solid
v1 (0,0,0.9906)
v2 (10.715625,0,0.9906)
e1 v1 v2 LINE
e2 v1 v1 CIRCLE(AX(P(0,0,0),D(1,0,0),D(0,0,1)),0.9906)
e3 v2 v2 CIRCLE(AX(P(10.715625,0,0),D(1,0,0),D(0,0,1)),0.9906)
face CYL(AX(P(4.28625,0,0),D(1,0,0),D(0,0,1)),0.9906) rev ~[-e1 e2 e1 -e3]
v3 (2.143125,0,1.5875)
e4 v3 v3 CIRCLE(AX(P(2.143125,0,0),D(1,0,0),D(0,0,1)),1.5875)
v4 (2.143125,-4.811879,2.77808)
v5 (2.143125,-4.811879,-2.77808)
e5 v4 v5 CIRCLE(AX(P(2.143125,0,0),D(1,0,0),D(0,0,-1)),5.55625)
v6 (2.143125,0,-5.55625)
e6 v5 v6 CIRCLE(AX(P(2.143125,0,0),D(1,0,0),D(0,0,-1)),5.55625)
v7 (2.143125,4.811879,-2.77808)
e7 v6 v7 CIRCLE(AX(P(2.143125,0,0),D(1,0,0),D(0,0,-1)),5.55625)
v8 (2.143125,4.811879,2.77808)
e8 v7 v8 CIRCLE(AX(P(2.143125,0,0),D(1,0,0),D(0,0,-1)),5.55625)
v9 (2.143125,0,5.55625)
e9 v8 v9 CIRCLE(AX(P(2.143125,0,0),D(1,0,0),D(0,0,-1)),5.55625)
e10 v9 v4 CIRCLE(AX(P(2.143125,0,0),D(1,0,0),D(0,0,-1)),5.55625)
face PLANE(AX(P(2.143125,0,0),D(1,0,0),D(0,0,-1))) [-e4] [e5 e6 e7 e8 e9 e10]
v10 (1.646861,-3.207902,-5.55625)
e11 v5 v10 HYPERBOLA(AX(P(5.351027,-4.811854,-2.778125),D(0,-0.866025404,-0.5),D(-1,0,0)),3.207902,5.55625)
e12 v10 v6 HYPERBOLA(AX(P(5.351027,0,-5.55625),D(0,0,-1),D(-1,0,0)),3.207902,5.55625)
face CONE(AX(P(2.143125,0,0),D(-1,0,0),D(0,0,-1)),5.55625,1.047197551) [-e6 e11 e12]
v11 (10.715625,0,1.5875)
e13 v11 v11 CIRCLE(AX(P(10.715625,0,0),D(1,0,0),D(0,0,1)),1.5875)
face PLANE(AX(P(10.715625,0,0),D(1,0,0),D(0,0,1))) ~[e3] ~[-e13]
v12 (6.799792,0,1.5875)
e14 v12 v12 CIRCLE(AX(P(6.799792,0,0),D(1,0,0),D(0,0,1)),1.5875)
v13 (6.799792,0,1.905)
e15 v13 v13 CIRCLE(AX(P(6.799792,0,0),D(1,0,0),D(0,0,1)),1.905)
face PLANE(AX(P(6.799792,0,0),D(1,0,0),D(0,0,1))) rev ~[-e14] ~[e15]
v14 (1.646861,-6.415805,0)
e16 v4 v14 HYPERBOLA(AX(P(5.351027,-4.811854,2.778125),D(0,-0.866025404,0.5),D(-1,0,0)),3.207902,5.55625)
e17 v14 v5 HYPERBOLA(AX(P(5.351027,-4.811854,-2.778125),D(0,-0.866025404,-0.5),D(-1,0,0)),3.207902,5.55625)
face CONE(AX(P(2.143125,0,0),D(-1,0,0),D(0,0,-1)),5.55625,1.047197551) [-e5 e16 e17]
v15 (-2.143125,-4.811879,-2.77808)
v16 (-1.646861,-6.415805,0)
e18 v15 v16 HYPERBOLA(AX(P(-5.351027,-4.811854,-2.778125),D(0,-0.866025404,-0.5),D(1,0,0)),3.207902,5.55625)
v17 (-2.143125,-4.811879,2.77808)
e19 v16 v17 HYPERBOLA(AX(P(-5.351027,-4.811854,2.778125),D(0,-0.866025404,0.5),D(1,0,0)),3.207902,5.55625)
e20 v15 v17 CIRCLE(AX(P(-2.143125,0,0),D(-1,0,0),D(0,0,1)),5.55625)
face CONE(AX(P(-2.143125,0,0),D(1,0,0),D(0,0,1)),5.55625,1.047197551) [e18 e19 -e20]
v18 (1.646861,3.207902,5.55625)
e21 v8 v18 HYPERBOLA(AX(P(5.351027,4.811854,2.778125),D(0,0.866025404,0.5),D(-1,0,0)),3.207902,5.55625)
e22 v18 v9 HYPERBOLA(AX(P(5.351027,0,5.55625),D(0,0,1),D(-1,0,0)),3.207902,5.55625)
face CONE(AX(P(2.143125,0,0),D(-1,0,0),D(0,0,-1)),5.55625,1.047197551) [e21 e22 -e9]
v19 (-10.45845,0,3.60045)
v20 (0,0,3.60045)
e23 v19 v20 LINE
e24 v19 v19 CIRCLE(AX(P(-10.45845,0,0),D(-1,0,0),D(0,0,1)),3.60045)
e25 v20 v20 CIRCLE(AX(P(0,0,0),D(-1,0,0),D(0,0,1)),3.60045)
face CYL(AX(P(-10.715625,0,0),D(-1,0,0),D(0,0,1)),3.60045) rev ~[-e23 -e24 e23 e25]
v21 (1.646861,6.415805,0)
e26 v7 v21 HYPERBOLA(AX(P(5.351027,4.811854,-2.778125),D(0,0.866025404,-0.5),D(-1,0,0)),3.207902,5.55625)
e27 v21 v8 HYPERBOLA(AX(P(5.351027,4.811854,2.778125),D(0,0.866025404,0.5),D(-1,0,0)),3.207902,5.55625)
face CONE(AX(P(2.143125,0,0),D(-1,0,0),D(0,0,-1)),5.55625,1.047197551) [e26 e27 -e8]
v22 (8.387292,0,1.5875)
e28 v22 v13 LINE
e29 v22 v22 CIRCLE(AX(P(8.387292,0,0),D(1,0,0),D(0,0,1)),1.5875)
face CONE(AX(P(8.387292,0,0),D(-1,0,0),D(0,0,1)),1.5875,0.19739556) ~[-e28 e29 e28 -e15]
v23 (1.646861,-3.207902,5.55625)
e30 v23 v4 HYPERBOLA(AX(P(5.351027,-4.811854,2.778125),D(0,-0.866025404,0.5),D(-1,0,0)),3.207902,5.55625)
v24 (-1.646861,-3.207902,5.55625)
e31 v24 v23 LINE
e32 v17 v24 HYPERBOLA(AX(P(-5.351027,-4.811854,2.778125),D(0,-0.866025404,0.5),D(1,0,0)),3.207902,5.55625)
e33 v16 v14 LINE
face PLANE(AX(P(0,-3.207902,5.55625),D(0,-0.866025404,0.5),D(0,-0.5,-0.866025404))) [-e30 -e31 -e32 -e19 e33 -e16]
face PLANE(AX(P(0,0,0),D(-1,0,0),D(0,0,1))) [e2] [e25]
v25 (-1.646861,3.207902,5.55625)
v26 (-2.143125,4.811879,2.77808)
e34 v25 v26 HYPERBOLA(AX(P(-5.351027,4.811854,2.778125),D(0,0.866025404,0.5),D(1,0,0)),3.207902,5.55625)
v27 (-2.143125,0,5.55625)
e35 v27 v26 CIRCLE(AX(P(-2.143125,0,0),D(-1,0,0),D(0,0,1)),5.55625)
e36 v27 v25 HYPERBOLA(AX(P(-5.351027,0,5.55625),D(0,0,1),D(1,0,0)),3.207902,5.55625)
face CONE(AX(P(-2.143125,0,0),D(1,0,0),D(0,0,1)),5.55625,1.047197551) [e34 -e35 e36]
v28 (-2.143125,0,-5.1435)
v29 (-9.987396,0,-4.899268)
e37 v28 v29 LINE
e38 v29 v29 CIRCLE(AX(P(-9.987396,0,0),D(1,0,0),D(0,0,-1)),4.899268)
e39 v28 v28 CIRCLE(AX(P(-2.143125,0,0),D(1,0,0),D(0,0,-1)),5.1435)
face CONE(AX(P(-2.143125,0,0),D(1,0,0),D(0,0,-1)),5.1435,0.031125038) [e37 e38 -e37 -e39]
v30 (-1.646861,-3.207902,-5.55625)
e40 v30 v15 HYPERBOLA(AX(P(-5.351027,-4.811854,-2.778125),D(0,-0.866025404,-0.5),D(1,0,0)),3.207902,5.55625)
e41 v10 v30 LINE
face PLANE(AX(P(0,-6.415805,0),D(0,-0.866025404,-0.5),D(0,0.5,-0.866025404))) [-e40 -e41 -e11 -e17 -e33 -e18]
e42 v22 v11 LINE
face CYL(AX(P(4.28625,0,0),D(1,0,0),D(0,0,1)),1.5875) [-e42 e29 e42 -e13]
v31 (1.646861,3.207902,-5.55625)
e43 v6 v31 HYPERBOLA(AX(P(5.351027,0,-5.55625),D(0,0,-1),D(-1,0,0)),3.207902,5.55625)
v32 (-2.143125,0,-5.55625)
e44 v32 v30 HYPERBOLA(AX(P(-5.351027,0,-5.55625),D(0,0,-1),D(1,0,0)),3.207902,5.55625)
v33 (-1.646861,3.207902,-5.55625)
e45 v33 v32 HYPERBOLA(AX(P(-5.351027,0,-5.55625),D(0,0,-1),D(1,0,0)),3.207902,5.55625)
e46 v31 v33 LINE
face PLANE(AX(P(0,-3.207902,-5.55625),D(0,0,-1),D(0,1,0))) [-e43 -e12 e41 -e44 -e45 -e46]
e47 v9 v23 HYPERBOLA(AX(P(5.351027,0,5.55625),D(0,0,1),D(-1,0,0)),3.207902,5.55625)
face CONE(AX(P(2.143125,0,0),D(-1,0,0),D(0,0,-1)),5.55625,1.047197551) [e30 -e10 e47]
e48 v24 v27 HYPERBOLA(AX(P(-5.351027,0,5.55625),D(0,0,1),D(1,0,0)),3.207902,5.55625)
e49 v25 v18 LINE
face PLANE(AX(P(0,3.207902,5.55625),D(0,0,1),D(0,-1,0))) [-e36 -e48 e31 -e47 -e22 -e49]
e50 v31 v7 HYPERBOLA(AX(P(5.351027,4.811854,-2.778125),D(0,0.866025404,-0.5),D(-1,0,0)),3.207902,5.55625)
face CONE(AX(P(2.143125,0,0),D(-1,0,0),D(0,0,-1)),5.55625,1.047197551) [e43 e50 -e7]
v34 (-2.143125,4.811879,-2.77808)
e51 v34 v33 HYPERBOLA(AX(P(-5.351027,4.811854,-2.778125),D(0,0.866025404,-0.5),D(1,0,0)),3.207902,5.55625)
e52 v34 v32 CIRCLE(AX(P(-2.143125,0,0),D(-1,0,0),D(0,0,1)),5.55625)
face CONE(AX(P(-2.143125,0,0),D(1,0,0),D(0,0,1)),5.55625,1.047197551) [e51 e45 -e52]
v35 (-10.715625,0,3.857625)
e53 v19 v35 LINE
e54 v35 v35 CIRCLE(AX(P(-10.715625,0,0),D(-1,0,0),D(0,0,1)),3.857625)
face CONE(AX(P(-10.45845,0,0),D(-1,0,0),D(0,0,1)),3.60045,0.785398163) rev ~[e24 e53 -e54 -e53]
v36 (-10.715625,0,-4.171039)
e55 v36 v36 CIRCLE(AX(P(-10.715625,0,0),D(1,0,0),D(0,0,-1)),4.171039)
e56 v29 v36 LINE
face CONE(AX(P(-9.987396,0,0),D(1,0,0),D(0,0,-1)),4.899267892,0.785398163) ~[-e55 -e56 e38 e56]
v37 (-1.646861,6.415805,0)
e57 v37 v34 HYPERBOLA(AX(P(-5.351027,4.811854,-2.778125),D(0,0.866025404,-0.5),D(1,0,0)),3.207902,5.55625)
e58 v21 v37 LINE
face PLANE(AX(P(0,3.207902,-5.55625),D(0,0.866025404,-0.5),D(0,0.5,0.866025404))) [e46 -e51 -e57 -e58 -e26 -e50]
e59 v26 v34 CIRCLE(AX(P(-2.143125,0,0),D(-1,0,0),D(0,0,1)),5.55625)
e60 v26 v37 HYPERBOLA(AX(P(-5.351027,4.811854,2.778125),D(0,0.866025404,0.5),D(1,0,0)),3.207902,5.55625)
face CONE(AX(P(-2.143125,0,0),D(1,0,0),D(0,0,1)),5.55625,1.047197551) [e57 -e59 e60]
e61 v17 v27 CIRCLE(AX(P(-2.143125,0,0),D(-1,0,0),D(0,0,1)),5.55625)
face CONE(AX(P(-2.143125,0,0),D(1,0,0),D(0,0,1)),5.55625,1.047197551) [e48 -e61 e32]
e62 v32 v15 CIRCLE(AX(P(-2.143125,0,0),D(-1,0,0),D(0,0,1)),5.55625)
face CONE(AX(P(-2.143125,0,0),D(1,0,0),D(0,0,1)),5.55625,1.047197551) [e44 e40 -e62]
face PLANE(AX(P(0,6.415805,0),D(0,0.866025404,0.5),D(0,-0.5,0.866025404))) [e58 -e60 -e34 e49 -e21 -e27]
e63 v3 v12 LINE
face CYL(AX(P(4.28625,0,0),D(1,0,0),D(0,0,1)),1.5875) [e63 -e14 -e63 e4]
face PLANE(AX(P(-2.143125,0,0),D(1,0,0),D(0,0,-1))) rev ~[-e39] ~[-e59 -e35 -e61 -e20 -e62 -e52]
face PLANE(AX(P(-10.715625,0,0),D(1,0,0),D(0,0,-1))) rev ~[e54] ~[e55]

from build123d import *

# Parameters (mm, degrees)
HEX_START               = 10.715625
HEX_HT_DEPTH            = 2.143125
SKETCH2_R               = 5.1435
EXTRUDE_L4_DEPTH        = 8.5725
EXTRUDE_L4_DRAFT        = -1.783333333
SKETCH9_W               = 12.85875
SKETCH9_H               = 0.5969
SKETCH11_OUTSIDE_W      = 75.416
SKETCH11_OUTSIDE_H      = 77.136
SKETCH11_OUTSIDE_R      = 5.55625
CUT_EXTRUDE3_DEPTH      = 16.407203436
CUT_EXTRUDE3_DRAFT      = -60
SKETCH12_OUTSIDE_W      = 75.416
SKETCH12_OUTSIDE_H      = 77.136
SKETCH12_OUTSIDE_R      = 5.55625
CUT_EXTRUDE5_DEPTH      = 16.407203436
CUT_EXTRUDE5_DRAFT      = -60
SKETCH14_R              = 0.9906
CUT_EXTRUDE6_DEPTH      = 16.407203436
CUT_EXTRUDE6_DEPTH_BACK = 16.407203436
SKETCH19_R              = 3.60045
CUT_EXTRUDE7_DEPTH      = 10.715625
CHAMFER1_SIZE           = 0.257175


with BuildPart() as part:
    # Sketch8 → Hex ht (new, symmetric)
    with BuildSketch(Plane(origin=(-10.715625, 0, 0), x_dir=(0, 0, -1), z_dir=(1, 0, 0)).offset(HEX_START)):
        Polygon((0, 6.415804866), (-5.55625, 3.207902433), (-5.55625, -3.207902433), (0, -6.415804866), (5.55625, -3.207902433), (5.55625, 3.207902433), align=None)
    extrude(amount=HEX_HT_DEPTH, both=True)


with BuildPart() as body_2:
    # Sketch2 → Extrude L4 (with draft: the straight prism first)
    with BuildSketch(Plane(origin=(-2.143125, 0, 0), x_dir=(0, 0, -1), z_dir=(1, 0, 0))):
        Circle(SKETCH2_R)
    extrude(amount=-EXTRUDE_L4_DEPTH)
    # Extrude L4: the draft: its side faces are tilted about the plane it starts from
    extrude_l4_sides = [body_2.faces().sort_by_distance(p)[0] for p in [
        (-6.429375, 0, 5.1435),
    ]]
    draft(extrude_l4_sides, Plane(origin=(-2.143125, 0, 0), x_dir=(0, 0, -1), z_dir=(1, 0, 0)), EXTRUDE_L4_DRAFT)

    # Sketch6 → Cut-Revolve1 (revolve, cut)
    with BuildSketch(Plane.XY, mode=Mode.PRIVATE) as cut_revolve1_sk:
        Polygon((-9.987395966, -4.899267892), (-10.715625, -4.171038858), (-10.715625, -4.876594414), align=None)
    revolve(cut_revolve1_sk.sketch.rotate(Axis((-10.715625, 0, 0), (1, 0, 0)), 90), axis=Axis((-10.715625, 0, 0), (1, 0, 0)), mode=Mode.SUBTRACT)

    # Combine2: union part
    add(part.part)

    # Sketch9 → Revolve1 (revolve)
    with BuildSketch(Plane.XY, mode=Mode.PRIVATE) as revolve1_sk:
        with Locations((4.28625, 1.28905)):
            Rectangle(SKETCH9_W, SKETCH9_H)
    revolve(revolve1_sk.sketch.rotate(Axis((0, 0, 0), (1, 0, 0)), 90), axis=Axis((0, 0, 0), (1, 0, 0)))

    # Sketch13 → Revolve2 (revolve)
    with BuildSketch(Plane.XY, mode=Mode.PRIVATE) as revolve2_sk:
        Polygon((8.387291667, 1.5875), (6.799791667, 1.905), (6.799791667, 1.5875), align=None)
    revolve(revolve2_sk.sketch.rotate(Axis((-10.715625, 0, 0), (1, 0, 0)), 90), axis=Axis((-10.715625, 0, 0), (1, 0, 0)))

    # Sketch17 → Revolve3 (revolve)
    with BuildSketch(Plane.XY, mode=Mode.PRIVATE) as revolve3_sk:
        Polygon((-2.143125, 1.905), (-1.593198869, 1.5875), (-2.143125, 1.5875), align=None)
    revolve(revolve3_sk.sketch.rotate(Axis((-10.715625, 0, 0), (1, 0, 0)), 270), axis=Axis((-10.715625, 0, 0), (1, 0, 0)))


with BuildPart() as cut_extrude3_tool:
    # Sketch11 outside → Cut-Extrude3 (with draft: the straight prism first)
    with BuildSketch(Plane(origin=(2.143125, 0, 0), x_dir=(0, 0, -1), z_dir=(1, 0, 0))):
        Rectangle(SKETCH11_OUTSIDE_W, SKETCH11_OUTSIDE_H)
        Circle(SKETCH11_OUTSIDE_R, mode=Mode.SUBTRACT)
    extrude(amount=-CUT_EXTRUDE3_DEPTH)
    # Cut-Extrude3: the draft: its side faces are tilted about the plane it starts from
    cut_extrude3_sides = [cut_extrude3_tool.faces().sort_by_distance(p)[0] for p in [
        (-6.060476718, -38.568, 0),
        (-6.060476718, 0, -37.708),
        (-6.060476718, 38.568, 0),
        (-6.060476718, 0, 37.708),
        (-6.060476718, 0, 5.55625),
    ]]
    draft(cut_extrude3_sides, Plane(origin=(2.143125, 0, 0), x_dir=(0, 0, -1), z_dir=(1, 0, 0)), CUT_EXTRUDE3_DRAFT)


with BuildPart() as body_2_1:
    add(body_2.part)

    # Cut-Extrude3: cut by cut_extrude3_tool
    add(cut_extrude3_tool.part, mode=Mode.SUBTRACT)


with BuildPart() as cut_extrude5_tool:
    # Sketch12 outside → Cut-Extrude5 (with draft: the straight prism first)
    with BuildSketch(Plane.ZY.offset(2.143125)):
        Rectangle(SKETCH12_OUTSIDE_W, SKETCH12_OUTSIDE_H)
        Circle(SKETCH12_OUTSIDE_R, mode=Mode.SUBTRACT)
    extrude(amount=-CUT_EXTRUDE5_DEPTH)
    # Cut-Extrude5: the draft: its side faces are tilted about the plane it starts from
    cut_extrude5_sides = [cut_extrude5_tool.faces().sort_by_distance(p)[0] for p in [
        (6.060476718, -38.568, 0),
        (6.060476718, 0, 37.708),
        (6.060476718, 38.568, 0),
        (6.060476718, 0, -37.708),
        (6.060476718, 0, -5.55625),
    ]]
    draft(cut_extrude5_sides, Plane.ZY.offset(2.143125), CUT_EXTRUDE5_DRAFT)


with BuildPart() as body_2_2:
    add(body_2_1.part)

    # Cut-Extrude5: cut by cut_extrude5_tool
    add(cut_extrude5_tool.part, mode=Mode.SUBTRACT)

    # Sketch14 → Cut-Extrude6 (cut, two sides)
    with BuildSketch(Plane.ZY.offset(2.143125)) as cut_extrude6_sk:
        Circle(SKETCH14_R)
    extrude(amount=CUT_EXTRUDE6_DEPTH, mode=Mode.SUBTRACT)
    extrude(cut_extrude6_sk.sketch, amount=-CUT_EXTRUDE6_DEPTH_BACK, mode=Mode.SUBTRACT)

    # Sketch19 → Cut-Extrude7 (cut)
    with BuildSketch(Plane.ZY.offset(10.715625)):
        Circle(SKETCH19_R)
    extrude(amount=-CUT_EXTRUDE7_DEPTH, mode=Mode.SUBTRACT)

    # Chamfer1
    chamfer1_edges = [body_2_2.edges().sort_by_distance(p)[0] for p in [
        (-10.715625, 0, -3.60045),
    ]]
    chamfer(chamfer1_edges, length=CHAMFER1_SIZE)


solid = body_2_2.part
